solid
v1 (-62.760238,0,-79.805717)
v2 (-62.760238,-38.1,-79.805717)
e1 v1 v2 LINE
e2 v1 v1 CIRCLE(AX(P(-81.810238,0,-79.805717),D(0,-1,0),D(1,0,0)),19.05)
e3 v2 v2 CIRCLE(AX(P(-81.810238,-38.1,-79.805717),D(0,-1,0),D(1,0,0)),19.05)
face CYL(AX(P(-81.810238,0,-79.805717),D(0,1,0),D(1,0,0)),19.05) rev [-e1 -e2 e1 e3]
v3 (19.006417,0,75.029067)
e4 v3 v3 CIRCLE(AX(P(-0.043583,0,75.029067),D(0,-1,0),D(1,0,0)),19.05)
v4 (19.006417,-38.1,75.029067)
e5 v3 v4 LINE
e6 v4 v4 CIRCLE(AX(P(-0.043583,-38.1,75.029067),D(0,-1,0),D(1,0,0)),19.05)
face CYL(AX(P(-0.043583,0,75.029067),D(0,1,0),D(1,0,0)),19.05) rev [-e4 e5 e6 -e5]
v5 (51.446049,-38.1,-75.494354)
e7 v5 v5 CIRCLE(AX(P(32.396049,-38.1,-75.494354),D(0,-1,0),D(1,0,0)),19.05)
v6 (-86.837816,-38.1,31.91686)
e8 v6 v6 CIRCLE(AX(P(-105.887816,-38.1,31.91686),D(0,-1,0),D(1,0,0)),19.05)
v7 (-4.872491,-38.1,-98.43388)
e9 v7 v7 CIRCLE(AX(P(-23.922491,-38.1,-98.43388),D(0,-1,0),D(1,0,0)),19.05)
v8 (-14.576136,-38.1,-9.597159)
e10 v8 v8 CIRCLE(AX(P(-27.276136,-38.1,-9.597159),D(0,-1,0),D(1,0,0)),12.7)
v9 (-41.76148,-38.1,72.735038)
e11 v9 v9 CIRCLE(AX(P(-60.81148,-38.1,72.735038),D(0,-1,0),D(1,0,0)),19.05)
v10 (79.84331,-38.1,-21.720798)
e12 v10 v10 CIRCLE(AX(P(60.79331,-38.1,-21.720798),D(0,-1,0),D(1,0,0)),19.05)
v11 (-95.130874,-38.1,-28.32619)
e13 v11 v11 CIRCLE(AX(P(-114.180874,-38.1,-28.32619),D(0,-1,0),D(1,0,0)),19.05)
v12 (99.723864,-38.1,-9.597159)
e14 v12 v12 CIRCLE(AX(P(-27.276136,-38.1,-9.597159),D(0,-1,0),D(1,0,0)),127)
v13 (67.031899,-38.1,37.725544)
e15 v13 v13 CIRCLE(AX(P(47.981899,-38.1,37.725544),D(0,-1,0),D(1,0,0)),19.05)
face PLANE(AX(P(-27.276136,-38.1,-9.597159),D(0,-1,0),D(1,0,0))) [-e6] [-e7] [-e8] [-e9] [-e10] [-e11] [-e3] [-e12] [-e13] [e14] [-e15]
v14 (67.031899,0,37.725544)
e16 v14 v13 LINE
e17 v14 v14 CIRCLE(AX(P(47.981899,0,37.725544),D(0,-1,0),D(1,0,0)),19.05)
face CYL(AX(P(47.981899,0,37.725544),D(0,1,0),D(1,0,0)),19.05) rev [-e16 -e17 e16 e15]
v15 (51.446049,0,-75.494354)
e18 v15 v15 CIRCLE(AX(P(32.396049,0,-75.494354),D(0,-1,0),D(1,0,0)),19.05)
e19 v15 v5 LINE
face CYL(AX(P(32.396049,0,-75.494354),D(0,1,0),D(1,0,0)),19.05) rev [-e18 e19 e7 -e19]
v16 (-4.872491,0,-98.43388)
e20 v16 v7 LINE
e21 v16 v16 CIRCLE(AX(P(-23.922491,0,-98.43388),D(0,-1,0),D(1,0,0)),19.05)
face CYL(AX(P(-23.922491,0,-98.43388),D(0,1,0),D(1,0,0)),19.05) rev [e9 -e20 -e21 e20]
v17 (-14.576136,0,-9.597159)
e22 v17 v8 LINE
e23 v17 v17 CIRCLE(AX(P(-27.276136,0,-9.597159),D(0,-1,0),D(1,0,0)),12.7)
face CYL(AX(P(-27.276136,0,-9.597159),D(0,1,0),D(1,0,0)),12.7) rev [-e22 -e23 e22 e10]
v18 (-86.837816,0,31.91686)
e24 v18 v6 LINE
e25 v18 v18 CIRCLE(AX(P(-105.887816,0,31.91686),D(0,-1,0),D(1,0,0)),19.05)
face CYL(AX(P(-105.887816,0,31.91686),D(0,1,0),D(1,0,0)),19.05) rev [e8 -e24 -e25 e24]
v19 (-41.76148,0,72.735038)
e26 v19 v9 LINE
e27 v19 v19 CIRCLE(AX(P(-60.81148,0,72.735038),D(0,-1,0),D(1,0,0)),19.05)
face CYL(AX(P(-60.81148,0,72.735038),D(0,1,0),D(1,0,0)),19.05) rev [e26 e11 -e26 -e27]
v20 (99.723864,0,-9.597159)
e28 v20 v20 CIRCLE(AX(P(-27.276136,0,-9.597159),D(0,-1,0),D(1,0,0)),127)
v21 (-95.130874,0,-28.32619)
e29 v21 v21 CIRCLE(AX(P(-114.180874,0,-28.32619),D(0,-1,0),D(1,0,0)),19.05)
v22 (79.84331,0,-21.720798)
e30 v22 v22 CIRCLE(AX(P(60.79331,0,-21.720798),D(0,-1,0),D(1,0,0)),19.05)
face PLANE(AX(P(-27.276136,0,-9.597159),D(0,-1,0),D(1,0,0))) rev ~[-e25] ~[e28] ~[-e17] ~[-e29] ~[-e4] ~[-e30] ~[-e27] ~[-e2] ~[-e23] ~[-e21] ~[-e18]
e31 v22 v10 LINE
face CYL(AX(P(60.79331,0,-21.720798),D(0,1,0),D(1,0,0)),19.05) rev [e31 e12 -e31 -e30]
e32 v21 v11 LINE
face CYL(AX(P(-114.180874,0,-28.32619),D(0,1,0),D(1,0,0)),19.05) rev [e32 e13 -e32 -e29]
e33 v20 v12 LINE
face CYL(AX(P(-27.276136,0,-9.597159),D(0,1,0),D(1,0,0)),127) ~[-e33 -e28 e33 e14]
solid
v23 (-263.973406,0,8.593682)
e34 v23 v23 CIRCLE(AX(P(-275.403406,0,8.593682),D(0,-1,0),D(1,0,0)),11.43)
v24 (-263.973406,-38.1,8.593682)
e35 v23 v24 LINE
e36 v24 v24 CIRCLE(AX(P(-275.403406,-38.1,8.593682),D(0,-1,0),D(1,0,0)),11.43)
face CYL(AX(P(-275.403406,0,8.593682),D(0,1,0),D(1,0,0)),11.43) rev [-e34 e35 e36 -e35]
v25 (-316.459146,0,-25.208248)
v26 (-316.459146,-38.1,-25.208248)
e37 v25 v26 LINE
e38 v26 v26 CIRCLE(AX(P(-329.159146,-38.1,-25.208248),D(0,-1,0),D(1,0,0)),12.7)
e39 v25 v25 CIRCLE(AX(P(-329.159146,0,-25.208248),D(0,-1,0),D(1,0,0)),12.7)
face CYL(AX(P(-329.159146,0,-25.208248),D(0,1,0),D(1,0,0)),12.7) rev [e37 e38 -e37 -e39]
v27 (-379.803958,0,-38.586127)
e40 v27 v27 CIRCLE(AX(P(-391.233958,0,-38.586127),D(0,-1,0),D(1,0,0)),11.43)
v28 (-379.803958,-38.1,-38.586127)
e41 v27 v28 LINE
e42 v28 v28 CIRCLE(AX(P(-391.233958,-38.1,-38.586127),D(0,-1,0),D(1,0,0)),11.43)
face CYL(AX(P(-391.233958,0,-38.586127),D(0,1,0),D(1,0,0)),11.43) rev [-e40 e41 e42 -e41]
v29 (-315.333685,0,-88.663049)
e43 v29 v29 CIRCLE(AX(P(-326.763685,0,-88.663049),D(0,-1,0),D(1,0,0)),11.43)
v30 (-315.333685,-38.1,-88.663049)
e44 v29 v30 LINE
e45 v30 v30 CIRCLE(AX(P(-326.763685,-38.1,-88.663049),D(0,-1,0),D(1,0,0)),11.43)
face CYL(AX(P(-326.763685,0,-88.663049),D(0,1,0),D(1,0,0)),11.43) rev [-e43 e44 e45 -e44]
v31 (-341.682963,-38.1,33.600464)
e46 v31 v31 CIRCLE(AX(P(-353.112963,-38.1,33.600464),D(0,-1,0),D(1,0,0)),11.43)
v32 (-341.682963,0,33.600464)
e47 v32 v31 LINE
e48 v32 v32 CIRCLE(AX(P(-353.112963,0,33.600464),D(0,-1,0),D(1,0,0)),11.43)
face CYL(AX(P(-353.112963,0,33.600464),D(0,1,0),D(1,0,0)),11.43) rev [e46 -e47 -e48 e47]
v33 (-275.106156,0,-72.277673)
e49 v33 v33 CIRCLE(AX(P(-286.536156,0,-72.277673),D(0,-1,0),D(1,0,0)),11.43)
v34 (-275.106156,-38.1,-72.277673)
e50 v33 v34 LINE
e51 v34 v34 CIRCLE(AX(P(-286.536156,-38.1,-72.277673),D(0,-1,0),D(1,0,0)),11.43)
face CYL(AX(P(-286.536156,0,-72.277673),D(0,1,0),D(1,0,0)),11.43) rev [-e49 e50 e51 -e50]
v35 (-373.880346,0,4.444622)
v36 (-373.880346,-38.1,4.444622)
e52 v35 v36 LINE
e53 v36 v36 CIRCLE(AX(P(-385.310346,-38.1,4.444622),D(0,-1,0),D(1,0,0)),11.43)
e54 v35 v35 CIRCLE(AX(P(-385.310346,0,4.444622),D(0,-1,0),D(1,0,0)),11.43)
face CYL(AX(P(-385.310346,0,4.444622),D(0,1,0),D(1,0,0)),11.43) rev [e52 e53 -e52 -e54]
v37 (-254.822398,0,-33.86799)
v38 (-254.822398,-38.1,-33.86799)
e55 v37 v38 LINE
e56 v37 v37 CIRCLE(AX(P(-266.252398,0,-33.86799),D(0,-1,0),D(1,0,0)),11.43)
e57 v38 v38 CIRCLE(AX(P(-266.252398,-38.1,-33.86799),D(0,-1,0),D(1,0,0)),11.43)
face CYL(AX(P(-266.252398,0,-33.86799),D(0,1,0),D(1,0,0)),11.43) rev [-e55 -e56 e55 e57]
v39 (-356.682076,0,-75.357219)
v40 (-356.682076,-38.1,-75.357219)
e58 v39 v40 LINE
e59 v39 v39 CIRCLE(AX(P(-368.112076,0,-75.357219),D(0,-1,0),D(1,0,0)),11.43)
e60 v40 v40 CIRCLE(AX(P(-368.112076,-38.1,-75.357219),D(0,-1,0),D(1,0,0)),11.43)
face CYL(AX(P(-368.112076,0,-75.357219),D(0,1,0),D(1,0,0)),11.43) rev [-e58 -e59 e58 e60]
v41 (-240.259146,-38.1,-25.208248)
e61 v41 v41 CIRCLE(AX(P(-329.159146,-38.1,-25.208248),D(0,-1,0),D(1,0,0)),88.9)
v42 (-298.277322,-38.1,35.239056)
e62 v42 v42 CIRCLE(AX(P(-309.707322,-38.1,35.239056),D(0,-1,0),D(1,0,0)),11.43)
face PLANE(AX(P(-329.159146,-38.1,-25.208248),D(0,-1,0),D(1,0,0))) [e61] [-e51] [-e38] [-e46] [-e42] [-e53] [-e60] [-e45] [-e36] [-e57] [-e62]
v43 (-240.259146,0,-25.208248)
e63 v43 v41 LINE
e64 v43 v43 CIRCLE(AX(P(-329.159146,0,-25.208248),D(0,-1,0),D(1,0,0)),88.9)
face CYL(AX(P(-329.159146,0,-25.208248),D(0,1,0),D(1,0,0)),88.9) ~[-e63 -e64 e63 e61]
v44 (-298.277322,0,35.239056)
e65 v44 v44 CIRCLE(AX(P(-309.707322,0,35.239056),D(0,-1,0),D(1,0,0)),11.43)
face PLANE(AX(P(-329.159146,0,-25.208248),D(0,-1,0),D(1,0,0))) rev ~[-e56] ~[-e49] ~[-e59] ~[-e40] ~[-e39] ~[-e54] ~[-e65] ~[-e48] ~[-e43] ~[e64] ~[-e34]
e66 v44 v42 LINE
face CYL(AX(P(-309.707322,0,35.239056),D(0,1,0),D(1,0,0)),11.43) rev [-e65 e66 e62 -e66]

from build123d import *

# Parameters (mm, degrees)
F0_R     = 127
F0_R_2   = 19.05
F0_R_3   = 12.7
F0_R_4   = 88.9
F0_R_5   = 11.43
F1_DEPTH = 38.1


with BuildPart() as f1:
    # F0 (on Front) → F1 (new body)
    with BuildSketch(Plane.XZ):
        with Locations((-27.276136, -9.597159)):
            Circle(F0_R)
        with Locations((-81.810238, -79.805717)):
            Circle(F0_R_2, mode=Mode.SUBTRACT)
        with Locations((-23.922491, -98.43388)):
            Circle(F0_R_2, mode=Mode.SUBTRACT)
        with Locations((32.396049, -75.494354)):
            Circle(F0_R_2, mode=Mode.SUBTRACT)
        with Locations((-114.180874, -28.32619)):
            Circle(F0_R_2, mode=Mode.SUBTRACT)
        with Locations((60.79331, -21.720798)):
            Circle(F0_R_2, mode=Mode.SUBTRACT)
        with Locations((-105.887816, 31.91686)):
            Circle(F0_R_2, mode=Mode.SUBTRACT)
        with Locations((-27.276136, -9.597159)):
            Circle(F0_R_3, mode=Mode.SUBTRACT)
        with Locations((47.981899, 37.725544)):
            Circle(F0_R_2, mode=Mode.SUBTRACT)
        with Locations((-60.81148, 72.735038)):
            Circle(F0_R_2, mode=Mode.SUBTRACT)
        with Locations((-0.043583, 75.029067)):
            Circle(F0_R_2, mode=Mode.SUBTRACT)
        with Locations((-329.159146, -25.208248)):
            Circle(F0_R_4)
        with Locations((-368.112076, -75.357219)):
            Circle(F0_R_5, mode=Mode.SUBTRACT)
        with Locations((-326.763685, -88.663049)):
            Circle(F0_R_5, mode=Mode.SUBTRACT)
        with Locations((-391.233958, -38.586127)):
            Circle(F0_R_5, mode=Mode.SUBTRACT)
        with Locations((-329.159146, -25.208248)):
            Circle(F0_R_3, mode=Mode.SUBTRACT)
        with Locations((-286.536156, -72.277673)):
            Circle(F0_R_5, mode=Mode.SUBTRACT)
        with Locations((-266.252398, -33.86799)):
            Circle(F0_R_5, mode=Mode.SUBTRACT)
        with Locations((-385.310346, 4.444622)):
            Circle(F0_R_5, mode=Mode.SUBTRACT)
        with Locations((-353.112963, 33.600464)):
            Circle(F0_R_5, mode=Mode.SUBTRACT)
        with Locations((-309.707322, 35.239056)):
            Circle(F0_R_5, mode=Mode.SUBTRACT)
        with Locations((-275.403406, 8.593682)):
            Circle(F0_R_5, mode=Mode.SUBTRACT)
    extrude(amount=F1_DEPTH)


solid = f1.part
